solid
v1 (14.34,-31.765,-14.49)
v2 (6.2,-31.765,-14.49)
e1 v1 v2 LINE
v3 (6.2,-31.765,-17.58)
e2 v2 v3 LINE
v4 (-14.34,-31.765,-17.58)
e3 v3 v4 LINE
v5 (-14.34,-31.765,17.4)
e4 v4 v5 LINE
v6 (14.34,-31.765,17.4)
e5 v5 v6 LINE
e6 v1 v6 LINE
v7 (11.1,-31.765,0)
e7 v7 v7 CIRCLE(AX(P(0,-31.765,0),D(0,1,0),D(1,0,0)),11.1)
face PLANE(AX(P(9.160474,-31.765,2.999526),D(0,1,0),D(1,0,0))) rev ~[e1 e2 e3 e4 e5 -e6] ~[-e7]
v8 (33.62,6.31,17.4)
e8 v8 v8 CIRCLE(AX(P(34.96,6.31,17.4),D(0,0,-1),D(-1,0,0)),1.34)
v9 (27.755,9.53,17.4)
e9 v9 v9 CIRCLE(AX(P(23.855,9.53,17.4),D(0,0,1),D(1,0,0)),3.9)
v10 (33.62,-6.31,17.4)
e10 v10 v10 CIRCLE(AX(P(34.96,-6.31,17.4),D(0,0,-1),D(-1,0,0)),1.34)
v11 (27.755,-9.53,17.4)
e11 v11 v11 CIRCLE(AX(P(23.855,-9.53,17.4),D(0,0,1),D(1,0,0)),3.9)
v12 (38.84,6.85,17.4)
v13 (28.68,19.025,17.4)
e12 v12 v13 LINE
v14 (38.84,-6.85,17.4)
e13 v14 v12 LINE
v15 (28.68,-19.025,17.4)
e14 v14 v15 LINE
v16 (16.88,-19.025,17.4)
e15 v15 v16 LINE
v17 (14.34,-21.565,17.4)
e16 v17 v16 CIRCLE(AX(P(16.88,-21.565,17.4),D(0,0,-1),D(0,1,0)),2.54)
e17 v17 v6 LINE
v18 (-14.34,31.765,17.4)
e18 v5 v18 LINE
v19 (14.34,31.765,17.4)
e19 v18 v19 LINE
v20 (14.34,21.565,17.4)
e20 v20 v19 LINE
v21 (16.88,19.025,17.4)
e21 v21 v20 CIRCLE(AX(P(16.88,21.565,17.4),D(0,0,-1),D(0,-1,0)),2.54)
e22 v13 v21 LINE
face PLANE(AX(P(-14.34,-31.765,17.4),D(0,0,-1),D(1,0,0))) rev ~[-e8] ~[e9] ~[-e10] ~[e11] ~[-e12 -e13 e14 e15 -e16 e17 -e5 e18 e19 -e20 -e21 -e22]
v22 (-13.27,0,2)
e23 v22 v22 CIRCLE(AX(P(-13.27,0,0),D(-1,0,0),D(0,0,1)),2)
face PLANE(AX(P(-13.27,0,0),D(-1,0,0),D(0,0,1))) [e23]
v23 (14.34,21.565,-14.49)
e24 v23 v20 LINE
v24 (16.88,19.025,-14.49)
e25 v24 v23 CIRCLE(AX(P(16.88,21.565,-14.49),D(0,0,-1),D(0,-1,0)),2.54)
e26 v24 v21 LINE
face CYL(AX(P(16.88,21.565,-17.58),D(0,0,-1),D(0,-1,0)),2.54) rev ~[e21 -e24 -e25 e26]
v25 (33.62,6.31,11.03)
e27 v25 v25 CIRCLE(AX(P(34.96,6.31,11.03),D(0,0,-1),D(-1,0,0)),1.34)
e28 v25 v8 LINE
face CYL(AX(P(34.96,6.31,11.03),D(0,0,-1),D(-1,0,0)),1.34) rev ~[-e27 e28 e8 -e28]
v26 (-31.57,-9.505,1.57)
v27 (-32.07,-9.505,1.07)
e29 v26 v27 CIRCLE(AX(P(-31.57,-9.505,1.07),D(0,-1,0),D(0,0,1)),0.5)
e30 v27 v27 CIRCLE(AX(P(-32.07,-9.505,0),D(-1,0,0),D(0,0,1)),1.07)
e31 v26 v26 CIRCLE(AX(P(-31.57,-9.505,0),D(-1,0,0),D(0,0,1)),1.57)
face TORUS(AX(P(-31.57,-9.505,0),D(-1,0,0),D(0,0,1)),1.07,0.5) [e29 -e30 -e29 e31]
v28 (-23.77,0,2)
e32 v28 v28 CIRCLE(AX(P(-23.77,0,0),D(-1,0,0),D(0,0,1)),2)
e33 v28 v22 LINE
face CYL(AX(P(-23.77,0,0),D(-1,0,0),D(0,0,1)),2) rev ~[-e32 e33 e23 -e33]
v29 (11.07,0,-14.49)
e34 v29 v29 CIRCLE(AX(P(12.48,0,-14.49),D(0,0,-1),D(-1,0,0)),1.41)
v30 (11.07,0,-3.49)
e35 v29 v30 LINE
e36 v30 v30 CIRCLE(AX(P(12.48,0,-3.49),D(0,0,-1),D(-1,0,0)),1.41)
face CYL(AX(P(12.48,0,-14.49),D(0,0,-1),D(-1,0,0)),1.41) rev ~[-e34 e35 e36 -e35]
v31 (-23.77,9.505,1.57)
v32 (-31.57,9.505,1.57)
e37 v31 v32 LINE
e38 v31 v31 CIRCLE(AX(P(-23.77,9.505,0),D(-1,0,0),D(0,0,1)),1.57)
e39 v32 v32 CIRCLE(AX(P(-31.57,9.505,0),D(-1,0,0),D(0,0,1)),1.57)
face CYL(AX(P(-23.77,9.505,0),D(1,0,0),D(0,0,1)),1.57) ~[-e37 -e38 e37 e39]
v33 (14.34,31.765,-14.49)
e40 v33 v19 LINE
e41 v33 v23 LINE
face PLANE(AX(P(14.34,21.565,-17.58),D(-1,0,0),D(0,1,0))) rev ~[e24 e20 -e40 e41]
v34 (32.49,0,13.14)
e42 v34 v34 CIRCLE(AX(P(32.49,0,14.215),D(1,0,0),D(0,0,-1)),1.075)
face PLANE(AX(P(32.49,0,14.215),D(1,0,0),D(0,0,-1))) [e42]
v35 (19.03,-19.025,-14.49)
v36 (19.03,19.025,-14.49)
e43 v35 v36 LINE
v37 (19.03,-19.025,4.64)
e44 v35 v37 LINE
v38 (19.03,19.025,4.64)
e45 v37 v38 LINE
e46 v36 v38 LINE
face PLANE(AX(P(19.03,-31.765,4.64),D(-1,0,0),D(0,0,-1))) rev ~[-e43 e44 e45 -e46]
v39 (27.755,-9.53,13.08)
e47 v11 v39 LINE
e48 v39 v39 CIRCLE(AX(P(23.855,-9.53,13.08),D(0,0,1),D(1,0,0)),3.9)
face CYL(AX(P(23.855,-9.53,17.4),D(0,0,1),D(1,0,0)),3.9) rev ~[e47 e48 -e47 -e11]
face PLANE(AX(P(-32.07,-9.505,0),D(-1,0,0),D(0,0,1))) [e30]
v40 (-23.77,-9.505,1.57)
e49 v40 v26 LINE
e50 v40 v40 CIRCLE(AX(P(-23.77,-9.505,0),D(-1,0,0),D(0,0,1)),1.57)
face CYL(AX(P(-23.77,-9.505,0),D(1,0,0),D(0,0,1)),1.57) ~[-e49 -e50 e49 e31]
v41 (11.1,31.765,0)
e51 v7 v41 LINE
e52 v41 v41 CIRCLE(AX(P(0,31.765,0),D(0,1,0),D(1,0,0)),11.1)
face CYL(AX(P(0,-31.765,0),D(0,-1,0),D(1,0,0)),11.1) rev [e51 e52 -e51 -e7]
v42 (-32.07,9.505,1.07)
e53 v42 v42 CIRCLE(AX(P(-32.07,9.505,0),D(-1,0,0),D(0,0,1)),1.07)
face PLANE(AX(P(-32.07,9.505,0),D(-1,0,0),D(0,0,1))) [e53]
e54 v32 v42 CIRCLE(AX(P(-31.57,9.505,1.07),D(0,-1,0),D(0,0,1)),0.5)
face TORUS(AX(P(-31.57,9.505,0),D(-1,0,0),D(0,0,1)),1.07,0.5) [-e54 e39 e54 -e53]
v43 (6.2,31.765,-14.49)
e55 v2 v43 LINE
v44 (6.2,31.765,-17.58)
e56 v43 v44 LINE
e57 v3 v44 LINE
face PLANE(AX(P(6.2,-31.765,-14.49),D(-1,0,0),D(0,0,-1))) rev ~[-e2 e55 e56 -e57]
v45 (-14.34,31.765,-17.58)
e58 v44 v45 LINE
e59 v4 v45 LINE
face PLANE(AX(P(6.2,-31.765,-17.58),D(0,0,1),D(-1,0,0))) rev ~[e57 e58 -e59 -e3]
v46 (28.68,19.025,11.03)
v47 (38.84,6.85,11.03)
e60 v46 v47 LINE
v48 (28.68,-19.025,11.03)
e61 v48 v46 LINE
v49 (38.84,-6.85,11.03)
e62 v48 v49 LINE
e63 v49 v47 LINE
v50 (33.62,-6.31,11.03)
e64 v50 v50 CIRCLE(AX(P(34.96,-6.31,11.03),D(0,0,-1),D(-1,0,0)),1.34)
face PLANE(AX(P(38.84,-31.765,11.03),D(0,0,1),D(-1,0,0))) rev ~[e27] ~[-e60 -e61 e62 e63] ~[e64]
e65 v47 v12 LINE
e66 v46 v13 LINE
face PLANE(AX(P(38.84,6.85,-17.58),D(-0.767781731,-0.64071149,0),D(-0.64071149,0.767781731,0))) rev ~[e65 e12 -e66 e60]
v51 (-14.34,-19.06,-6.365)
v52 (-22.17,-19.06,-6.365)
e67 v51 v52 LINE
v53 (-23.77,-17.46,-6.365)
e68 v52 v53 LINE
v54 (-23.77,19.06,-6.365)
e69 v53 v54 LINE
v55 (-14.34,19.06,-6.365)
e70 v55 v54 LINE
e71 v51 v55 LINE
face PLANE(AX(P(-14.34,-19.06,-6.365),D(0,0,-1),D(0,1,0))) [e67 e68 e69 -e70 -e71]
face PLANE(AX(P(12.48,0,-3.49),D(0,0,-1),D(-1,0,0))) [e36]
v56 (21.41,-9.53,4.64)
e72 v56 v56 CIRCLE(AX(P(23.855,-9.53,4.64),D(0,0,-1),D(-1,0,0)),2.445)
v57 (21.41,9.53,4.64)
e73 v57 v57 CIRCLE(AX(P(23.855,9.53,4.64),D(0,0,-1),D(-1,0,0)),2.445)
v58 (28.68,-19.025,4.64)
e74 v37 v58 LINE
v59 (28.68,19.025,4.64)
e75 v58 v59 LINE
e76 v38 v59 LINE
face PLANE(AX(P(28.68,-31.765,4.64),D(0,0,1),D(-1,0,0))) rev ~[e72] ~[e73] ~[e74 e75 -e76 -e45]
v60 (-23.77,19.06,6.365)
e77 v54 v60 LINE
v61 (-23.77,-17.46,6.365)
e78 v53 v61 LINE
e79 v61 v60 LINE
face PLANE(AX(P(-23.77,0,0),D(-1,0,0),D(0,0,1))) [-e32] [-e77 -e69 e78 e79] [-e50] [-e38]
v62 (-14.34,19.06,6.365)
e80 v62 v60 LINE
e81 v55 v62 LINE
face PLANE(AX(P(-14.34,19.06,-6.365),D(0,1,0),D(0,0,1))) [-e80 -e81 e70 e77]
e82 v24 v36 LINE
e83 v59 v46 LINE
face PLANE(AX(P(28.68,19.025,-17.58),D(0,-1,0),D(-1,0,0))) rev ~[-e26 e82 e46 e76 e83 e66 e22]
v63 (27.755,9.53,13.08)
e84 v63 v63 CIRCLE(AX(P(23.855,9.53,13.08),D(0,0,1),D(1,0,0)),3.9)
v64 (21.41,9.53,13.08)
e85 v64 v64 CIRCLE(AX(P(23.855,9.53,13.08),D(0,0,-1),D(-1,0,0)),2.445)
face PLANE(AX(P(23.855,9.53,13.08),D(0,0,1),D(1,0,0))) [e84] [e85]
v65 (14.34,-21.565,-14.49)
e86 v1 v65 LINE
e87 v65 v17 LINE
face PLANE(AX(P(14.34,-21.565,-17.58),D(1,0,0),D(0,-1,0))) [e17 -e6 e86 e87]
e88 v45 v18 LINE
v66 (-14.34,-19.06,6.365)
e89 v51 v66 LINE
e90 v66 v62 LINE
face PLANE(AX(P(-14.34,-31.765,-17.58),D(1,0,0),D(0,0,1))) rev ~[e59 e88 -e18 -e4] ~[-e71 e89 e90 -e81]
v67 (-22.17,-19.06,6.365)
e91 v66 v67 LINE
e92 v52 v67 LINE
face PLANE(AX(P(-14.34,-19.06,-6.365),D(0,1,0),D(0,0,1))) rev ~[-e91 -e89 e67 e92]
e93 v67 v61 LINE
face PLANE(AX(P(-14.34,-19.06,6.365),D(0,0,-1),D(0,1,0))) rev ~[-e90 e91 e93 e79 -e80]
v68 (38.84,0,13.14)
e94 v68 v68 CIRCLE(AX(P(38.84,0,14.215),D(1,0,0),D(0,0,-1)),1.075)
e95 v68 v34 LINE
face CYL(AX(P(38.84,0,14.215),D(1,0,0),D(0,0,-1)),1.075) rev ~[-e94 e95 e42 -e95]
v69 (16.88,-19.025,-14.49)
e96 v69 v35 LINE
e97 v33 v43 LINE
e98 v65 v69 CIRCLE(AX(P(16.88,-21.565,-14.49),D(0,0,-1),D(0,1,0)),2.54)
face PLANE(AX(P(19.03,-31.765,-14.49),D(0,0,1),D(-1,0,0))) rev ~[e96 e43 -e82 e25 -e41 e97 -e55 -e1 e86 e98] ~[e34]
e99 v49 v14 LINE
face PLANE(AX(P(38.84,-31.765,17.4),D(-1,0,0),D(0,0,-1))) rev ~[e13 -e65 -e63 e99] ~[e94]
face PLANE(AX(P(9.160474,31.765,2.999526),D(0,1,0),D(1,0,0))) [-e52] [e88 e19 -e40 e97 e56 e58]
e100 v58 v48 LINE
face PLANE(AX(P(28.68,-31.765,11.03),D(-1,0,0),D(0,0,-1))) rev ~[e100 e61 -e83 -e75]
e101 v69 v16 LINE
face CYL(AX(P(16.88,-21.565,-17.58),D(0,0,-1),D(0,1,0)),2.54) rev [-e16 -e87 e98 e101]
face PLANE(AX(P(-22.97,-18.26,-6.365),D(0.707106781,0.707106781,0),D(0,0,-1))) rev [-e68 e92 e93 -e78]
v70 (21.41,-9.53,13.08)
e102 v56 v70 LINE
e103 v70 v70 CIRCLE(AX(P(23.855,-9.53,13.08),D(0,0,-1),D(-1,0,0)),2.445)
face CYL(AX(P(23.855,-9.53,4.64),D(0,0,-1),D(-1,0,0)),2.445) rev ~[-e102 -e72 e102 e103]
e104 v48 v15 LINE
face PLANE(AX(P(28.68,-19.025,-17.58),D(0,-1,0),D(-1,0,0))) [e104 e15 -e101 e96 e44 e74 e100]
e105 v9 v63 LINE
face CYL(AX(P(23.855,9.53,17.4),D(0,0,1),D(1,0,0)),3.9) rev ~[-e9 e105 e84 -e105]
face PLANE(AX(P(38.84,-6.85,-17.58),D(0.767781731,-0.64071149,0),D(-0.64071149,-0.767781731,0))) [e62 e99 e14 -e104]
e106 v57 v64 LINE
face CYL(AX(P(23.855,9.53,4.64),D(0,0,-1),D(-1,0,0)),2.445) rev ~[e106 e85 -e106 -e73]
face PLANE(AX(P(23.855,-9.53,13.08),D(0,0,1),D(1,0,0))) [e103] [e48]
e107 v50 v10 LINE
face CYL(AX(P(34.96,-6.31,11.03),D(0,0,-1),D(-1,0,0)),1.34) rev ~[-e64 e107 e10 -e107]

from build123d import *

# Parameters (mm, degrees)
BOSS_EXTRUDE1_DEPTH      = 31.765
BOSS_EXTRUDE1_DEPTH_BACK = 31.765
SKETCH1_R                = 11.1
SKETCH2_W                = 12.73
SKETCH2_H                = 38.12
BOSS_EXTRUDE2_DEPTH      = 9.43
CUT_EXTRUDE1_DEPTH       = 62.165032698
CHAMFER1_SIZE            = 1.6
SKETCH4_R                = 1.41
CUT_EXTRUDE2_DEPTH       = 11
SKETCH5_R                = 2.445
CUT_EXTRUDE3_DEPTH       = 55.875215034
SKETCH6_R                = 3.9
CUT_EXTRUDE4_DEPTH       = 4.32
SKETCH7_R                = 1.34
CUT_EXTRUDE5_DEPTH       = 58.75892074
SKETCH8_R                = 2
CUT_EXTRUDE6_DEPTH       = 10.5
SKETCH9_R                = 1.57
BOSS_EXTRUDE3_DEPTH      = 8.3
FILLET1_R                = 0.5
SKETCH10_R               = 1.075
CUT_EXTRUDE7_DEPTH       = 6.35


with BuildPart() as part:
    # Sketch1 → Boss-Extrude1 (new, two sides: drawn at the far end of the back side and taken through both)
    with BuildSketch(Plane(origin=(0, 0, 0), x_dir=(1, 0, 0), z_dir=(0, 1, 0)).offset(-BOSS_EXTRUDE1_DEPTH_BACK)):
        Polygon((-14.34, 17.58), (-14.34, -17.4), (38.84, -17.4), (38.84, -11.03), (28.68, -11.03), (28.68, -4.64), (19.03, -4.64), (19.03, 14.49), (14.34, 14.49), (6.2, 14.49), (6.2, 17.58), align=None)
        Circle(SKETCH1_R, mode=Mode.SUBTRACT)
    extrude(amount=BOSS_EXTRUDE1_DEPTH + BOSS_EXTRUDE1_DEPTH_BACK)

    # Sketch2 → Boss-Extrude2 (add)
    with BuildSketch(Plane.ZY.offset(14.34)):
        Rectangle(SKETCH2_W, SKETCH2_H)
    extrude(amount=BOSS_EXTRUDE2_DEPTH)

    # Sketch3 → Cut-Extrude1 (cut, through all)
    with BuildSketch(Plane(origin=(0, 0, -17.58), x_dir=(-1, 0, 0), z_dir=(0, 0, -1))):
        with BuildLine():
            Line((-38.84, 6.85), (-28.68, 19.025))
            Line((-28.68, 19.025), (-16.88, 19.025))
            ThreePointArc((-16.88, 19.025), (-15.083948776, 19.768948776), (-14.34, 21.565))
            Line((-14.34, 21.565), (-14.34, 31.765))
            Line((-14.34, 31.765), (-38.84, 31.765))
            Line((-38.84, 31.765), (-38.84, 6.85))
        make_face()
        with BuildLine():
            Line((-28.68, -19.025), (-16.88, -19.025))
            ThreePointArc((-16.88, -19.025), (-15.083948776, -19.768948776), (-14.34, -21.565))
            Line((-14.34, -21.565), (-14.34, -31.765))
            Line((-14.34, -31.765), (-38.84, -31.765))
            Line((-38.84, -31.765), (-38.84, -6.85))
            Line((-38.84, -6.85), (-28.68, -19.025))
        make_face()
    extrude(amount=-CUT_EXTRUDE1_DEPTH, mode=Mode.SUBTRACT)

    # Chamfer1
    chamfer1_edges = [part.edges().sort_by_distance(p)[0] for p in [
        (-23.77, -19.06, 0),
    ]]
    chamfer(chamfer1_edges, length=CHAMFER1_SIZE)

    # Sketch4 → Cut-Extrude2 (cut)
    with BuildSketch(Plane(origin=(0, 0, -14.49), x_dir=(-1, 0, 0), z_dir=(0, 0, -1))):
        with Locations((-12.48, 0)):
            Circle(SKETCH4_R)
    extrude(amount=-CUT_EXTRUDE2_DEPTH, mode=Mode.SUBTRACT)

    # Sketch5 → Cut-Extrude3 (cut, through all)
    with BuildSketch(Plane(origin=(0, 0, 4.64), x_dir=(-1, 0, 0), z_dir=(0, 0, -1))):
        with Locations((-23.855, -9.53)):
            Circle(SKETCH5_R)
        with Locations((-23.855, 9.53)):
            Circle(SKETCH5_R)
    extrude(amount=-CUT_EXTRUDE3_DEPTH, mode=Mode.SUBTRACT)

    # Sketch6 → Cut-Extrude4 (cut)
    with BuildSketch(Plane.XY.offset(17.4)):
        with Locations((23.855, -9.53)):
            Circle(SKETCH6_R)
        with Locations((23.855, 9.53)):
            Circle(SKETCH6_R)
    extrude(amount=-CUT_EXTRUDE4_DEPTH, mode=Mode.SUBTRACT)

    # Sketch7 → Cut-Extrude5 (cut, through all)
    with BuildSketch(Plane(origin=(0, 0, 11.03), x_dir=(-1, 0, 0), z_dir=(0, 0, -1))):
        with Locations((-34.96, 6.31)):
            Circle(SKETCH7_R)
        with Locations((-34.96, -6.31)):
            Circle(SKETCH7_R)
    extrude(amount=-CUT_EXTRUDE5_DEPTH, mode=Mode.SUBTRACT)

    # Sketch8 → Cut-Extrude6 (cut)
    with BuildSketch(Plane.ZY.offset(23.77)):
        Circle(SKETCH8_R)
    extrude(amount=-CUT_EXTRUDE6_DEPTH, mode=Mode.SUBTRACT)

    # Sketch9 → Boss-Extrude3 (add)
    with BuildSketch(Plane.ZY.offset(23.77)):
        with Locations((0, -9.505)):
            Circle(SKETCH9_R)
        with Locations((0, 9.505)):
            Circle(SKETCH9_R)
    extrude(amount=BOSS_EXTRUDE3_DEPTH)

    # Fillet1
    fillet1_edges = [part.edges().sort_by_distance(p)[0] for p in [
        (-32.07, 9.505, -1.57),
        (-32.07, -9.505, -1.57),
    ]]
    fillet(fillet1_edges, radius=FILLET1_R)

    # Sketch10 → Cut-Extrude7 (cut)
    with BuildSketch(Plane(origin=(38.84, 0, 0), x_dir=(0, 0, -1), z_dir=(1, 0, 0))):
        with Locations((-14.215, 0)):
            Circle(SKETCH10_R)
    extrude(amount=-CUT_EXTRUDE7_DEPTH, mode=Mode.SUBTRACT)


solid = part.part
